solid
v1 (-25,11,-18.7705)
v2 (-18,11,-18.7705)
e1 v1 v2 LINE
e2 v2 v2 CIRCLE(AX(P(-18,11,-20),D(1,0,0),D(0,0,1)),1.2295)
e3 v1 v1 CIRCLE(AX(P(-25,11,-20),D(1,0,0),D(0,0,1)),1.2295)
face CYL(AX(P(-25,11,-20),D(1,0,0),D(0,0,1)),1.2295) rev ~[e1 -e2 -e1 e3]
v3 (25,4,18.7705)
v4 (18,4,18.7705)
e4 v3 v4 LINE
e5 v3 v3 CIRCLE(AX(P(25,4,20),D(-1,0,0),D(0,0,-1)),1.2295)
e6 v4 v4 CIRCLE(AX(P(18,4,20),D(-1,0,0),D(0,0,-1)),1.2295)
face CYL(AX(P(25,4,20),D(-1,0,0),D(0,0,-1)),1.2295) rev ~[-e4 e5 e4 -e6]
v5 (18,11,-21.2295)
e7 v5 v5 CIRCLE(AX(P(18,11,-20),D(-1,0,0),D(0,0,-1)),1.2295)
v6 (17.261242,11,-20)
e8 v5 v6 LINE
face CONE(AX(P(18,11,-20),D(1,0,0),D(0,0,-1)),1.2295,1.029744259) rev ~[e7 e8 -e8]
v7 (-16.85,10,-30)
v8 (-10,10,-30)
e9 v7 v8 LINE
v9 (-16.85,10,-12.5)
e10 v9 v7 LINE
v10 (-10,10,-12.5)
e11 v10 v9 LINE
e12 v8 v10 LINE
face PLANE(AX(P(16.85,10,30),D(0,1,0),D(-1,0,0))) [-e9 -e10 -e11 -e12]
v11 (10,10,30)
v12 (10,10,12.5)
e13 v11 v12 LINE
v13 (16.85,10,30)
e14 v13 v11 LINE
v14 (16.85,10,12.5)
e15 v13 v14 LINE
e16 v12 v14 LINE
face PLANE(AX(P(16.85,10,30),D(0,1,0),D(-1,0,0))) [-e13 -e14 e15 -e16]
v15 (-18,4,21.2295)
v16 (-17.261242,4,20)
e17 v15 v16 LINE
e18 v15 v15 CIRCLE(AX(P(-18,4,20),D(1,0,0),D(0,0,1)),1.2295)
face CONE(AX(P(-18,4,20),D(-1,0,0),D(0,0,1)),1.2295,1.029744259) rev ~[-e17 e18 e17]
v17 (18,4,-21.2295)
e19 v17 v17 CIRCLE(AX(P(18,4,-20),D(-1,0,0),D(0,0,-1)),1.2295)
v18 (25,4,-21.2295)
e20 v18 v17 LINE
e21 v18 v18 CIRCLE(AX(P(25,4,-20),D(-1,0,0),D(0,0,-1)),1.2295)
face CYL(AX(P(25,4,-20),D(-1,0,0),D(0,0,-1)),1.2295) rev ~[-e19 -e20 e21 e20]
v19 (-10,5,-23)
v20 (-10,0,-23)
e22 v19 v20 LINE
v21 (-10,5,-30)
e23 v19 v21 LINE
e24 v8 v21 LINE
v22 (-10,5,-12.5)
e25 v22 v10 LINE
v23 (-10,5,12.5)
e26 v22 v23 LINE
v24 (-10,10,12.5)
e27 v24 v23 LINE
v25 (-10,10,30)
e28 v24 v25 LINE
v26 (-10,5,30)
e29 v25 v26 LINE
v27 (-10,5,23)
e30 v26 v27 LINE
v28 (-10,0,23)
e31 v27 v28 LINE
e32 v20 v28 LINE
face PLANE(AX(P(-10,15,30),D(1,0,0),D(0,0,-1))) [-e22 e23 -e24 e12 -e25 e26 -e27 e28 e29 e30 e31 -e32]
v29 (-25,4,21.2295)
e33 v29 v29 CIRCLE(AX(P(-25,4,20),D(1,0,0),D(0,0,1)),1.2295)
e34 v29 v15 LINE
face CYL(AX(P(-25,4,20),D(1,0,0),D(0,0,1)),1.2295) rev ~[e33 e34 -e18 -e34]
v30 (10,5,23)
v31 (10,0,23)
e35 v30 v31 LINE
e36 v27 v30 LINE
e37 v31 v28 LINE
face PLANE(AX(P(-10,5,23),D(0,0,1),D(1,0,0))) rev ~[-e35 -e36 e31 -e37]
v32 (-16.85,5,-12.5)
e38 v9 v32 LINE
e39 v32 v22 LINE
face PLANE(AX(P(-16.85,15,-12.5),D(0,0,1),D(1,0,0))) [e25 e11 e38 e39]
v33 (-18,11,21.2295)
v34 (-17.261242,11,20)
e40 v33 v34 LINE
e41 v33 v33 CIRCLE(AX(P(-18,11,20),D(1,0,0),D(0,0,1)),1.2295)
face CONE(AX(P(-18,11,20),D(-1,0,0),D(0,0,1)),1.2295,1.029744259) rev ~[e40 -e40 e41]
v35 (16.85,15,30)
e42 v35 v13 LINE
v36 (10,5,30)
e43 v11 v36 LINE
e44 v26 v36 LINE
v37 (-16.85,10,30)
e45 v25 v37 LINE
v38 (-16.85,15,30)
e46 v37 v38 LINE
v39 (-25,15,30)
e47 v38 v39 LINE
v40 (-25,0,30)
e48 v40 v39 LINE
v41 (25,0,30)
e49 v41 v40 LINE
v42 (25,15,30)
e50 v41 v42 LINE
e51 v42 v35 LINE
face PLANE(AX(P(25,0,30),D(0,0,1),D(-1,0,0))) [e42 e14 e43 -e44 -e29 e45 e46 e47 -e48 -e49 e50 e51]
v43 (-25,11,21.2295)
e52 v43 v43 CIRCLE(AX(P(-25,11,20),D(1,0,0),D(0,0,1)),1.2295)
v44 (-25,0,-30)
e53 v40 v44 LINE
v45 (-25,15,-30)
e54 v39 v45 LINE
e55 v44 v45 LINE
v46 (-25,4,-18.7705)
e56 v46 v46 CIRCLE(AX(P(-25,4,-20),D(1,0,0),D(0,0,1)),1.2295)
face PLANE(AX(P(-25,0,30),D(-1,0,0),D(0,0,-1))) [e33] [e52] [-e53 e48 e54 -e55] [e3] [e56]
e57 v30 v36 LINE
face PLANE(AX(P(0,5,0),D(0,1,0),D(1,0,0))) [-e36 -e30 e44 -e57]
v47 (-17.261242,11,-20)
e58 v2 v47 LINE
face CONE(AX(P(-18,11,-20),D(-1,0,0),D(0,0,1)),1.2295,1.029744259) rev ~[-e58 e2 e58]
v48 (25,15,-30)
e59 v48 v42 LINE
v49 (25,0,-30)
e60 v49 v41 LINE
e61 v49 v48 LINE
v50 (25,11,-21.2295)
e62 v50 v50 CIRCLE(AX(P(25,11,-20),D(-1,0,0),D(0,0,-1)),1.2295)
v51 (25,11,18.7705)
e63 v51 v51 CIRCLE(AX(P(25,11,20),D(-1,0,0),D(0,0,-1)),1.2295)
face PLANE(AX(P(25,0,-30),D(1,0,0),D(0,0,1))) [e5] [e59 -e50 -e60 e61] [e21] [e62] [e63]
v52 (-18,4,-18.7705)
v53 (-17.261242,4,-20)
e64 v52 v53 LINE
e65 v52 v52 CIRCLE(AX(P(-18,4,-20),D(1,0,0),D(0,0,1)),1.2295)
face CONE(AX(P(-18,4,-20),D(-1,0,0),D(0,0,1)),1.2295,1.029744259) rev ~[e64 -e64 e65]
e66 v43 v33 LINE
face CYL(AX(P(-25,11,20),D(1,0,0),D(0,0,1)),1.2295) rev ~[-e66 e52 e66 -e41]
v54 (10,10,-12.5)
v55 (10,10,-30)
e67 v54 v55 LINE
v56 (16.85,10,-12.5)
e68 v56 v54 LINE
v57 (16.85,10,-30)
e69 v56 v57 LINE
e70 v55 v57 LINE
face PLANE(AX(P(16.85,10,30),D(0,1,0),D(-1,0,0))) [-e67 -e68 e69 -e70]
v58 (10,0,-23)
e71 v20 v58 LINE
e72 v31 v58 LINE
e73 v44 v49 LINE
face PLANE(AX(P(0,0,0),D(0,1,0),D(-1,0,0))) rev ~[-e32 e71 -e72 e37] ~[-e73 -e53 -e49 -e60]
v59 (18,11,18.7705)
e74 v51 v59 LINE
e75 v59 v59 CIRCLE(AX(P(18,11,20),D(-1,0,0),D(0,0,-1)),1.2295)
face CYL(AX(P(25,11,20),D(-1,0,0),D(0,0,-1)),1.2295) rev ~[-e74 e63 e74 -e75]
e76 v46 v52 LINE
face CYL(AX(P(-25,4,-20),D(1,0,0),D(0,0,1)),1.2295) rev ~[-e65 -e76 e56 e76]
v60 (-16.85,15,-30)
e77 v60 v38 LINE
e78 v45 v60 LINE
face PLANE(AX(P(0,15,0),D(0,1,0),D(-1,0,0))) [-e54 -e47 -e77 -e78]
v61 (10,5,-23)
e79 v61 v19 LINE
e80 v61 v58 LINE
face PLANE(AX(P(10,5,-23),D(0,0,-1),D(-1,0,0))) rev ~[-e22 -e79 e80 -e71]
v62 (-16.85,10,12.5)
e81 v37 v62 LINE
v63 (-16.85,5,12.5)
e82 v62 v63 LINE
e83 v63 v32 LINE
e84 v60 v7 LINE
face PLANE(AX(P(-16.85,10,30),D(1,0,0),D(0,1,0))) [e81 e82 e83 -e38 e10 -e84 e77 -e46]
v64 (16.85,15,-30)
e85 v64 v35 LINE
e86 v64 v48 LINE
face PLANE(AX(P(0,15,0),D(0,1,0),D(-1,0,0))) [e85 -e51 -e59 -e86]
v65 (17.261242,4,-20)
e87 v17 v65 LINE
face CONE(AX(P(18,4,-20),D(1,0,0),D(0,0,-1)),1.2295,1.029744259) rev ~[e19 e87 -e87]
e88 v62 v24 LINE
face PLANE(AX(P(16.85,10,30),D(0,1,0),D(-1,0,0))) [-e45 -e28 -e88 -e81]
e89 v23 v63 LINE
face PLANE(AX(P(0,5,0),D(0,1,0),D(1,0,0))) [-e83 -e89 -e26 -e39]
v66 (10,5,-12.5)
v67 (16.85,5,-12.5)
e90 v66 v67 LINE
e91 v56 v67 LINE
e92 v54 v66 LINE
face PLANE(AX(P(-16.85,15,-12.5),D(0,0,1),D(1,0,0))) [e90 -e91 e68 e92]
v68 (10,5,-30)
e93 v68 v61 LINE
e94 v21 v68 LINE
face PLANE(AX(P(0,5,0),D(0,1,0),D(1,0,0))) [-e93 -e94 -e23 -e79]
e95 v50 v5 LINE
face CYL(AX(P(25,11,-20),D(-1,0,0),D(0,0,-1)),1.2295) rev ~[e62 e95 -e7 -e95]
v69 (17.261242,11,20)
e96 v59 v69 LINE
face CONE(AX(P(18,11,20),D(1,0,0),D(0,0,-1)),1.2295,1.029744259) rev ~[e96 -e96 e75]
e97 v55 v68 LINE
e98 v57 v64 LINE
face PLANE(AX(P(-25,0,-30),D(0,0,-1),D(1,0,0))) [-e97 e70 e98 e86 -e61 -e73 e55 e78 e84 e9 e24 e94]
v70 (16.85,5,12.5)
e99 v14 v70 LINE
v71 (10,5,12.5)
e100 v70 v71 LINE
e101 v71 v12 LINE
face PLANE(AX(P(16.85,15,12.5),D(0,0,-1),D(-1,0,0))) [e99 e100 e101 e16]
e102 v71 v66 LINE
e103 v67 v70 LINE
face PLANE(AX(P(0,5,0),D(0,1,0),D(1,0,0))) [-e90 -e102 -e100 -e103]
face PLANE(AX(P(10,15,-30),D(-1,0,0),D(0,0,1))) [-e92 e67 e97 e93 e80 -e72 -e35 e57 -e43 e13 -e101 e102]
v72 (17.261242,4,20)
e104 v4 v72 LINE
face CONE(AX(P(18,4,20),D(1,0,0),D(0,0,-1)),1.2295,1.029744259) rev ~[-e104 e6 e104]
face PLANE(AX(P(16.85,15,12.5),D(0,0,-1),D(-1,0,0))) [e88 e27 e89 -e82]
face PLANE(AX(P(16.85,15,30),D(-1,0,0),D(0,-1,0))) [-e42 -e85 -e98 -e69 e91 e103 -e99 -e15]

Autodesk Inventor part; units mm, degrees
ref_plane "YZ Plane" through (0, 0, 0) normal (1, 0, 0) x (0, 1, 0)
ref_plane "XZ Plane" through (0, 0, 0) normal (0, 1, 0) x (-1, 0, 0)
ref_plane "XY Plane" through (0, 0, 0) normal (0, 0, 1) x (1, 0, 0)
sketch "Sketch1" plane through (0, 0, 0) normal (0, 1, 0) x (-1, 0, 0)
  line L0 (25, -30) -> (-25, -30)
  line L1 (-25, -30) -> (-25, 30)
  line L2 (-25, 30) -> (25, 30)
  line L3 (25, 30) -> (25, -30)
  point P0 (0, 0)
  dimension "d0" = 50
  dimension "d1" = 60
  dimension "d8" = 30
  dimension "d9" = 25
extrude "Extrusion1" add sketch "Sketch1" along normal blind 15
sketch "Sketch2" plane through (0, 15, 0) normal (0, 1, 0) x (1, 0, 0)
  line L0 (-16.85, 12.5) -> (16.85, 12.5)
  line L1 (16.85, 12.5) -> (16.85, -12.5)
  line L2 (16.85, -12.5) -> (-16.85, -12.5)
  line L3 (-16.85, -12.5) -> (-16.85, 12.5)
  point P0 (0, 0)
  dimension "d4" = 33.7
  dimension "d5" = 25
  dimension "d6" = 12.5
  dimension "d7" = 16.85
extrude "Extrusion2" cut sketch "Sketch2" against normal blind 10
sketch "Sketch3" plane through (0, 15, 0) normal (0, 1, 0) x (1, 0, 0)
  line L0 (-25, 30) -> (25, 30) projected
  line L1 (-25, -30) -> (25, -30) projected
  line L2 (-10, 30) -> (10, 30)
  line L3 (10, 30) -> (10, -30)
  line L4 (10, -30) -> (-10, -30)
  line L5 (-10, -30) -> (-10, 30)
  point P0 (0, 0)
  dimension "d12" = 20
  dimension "d13" = 10
extrude "Extrusion3" cut sketch "Sketch3" against normal up to surface (10 mm away)
sketch "Sketch4" plane through (0, 5, 0) normal (0, 1, 0) x (1, 0, 0)
  line L0 (-16.85, 12.5) -> (-10, 12.5) projected
  line L1 (16.85, -12.5) -> (10, -12.5) projected
  line L2 (10, 12.5) -> (10, 30) projected
  line L3 (-10, -30) -> (-10, -12.5) projected
  line L4 (10, 23) -> (-10, 23)
  line L5 (-10, 23) -> (-10, -23)
  line L6 (-10, -23) -> (10, -23)
  line L7 (10, -23) -> (10, 23)
  line L8 (-10, 30) -> (10, 30) projected
  line L9 (10, -30) -> (-10, -30) projected
  dimension "d18" = 7
  dimension "d19" = 7
extrude "Extrusion4" cut sketch "Sketch4" against normal up to next
sketch "Sketch6" plane through (-25, 0, -30) normal (-1, 0, 0) x (0, 0, 1)
  line L0 (0, 0) -> (0, 15) projected
  line L1 (60, 0) -> (60, 15) projected
  line L2 (60, 0) -> (0, 0) projected
  point P0 (30, 0)
  point P1 (10, 4)
  point P2 (50, 4)
  point P3 (50, 11)
  point P4 (10, 11)
  dimension "d24" = 7
  dimension "d25" = 7
  dimension "d26" = 10
  dimension "d27" = 10
  dimension "d28" = 10
  dimension "d29" = 10
  dimension "d30" = 4
  dimension "d31" = 4
hole "Hole1" at (-25, 4, -20) at (-25, 4, 20) at (-25, 11, 20) at (-25, 11, -20) direction (1, 0, 0) diameter 2.459 depth 7 tip angle 118 thread size "M3x0.5" class "6H" standard "ANSI Metric M Profile"
sketch "Sketch7" plane through (25, 0, 30) normal (1, 0, 0) x (0, 0, -1)
  circle A0 centre (10, 4) radius 1.2295 projected
  circle A1 centre (10, 11) radius 1.2295 projected
  circle A2 centre (50, 11) radius 1.2295 projected
  circle A3 centre (50, 4) radius 1.2295 projected
  point P0 (30, 0)
hole "Hole2" at (25, 4, 20) at (25, 11, 20) at (25, 11, -20) at (25, 4, -20) direction (-1, 0, 0) diameter 2.459 depth 7 tip angle 118 thread size "M3x0.5" class "6H" standard "ANSI Metric M Profile"
sketch "Sketch8" plane through (-25, 0, 30) normal (0, 0, 1) x (1, 0, 0)
  line L0 (0, 15) -> (15, 15) projected
  line L1 (8.15, 15) -> (41.85, 15)
  line L2 (41.85, 15) -> (41.85, 10)
  line L3 (41.85, 10) -> (8.15, 10)
  line L4 (8.15, 10) -> (8.15, 15)
  line L5 (41.85, 15) -> (41.85, 5) projected
  line L6 (8.15, 15) -> (8.15, 5) projected
  point P0 (25, 0)
  dimension "d49" = 5
  dimension "d50" = 0
  dimension "d51" = 0
  dimension "d52" = 0
extrude "Extrusion6" cut sketch "Sketch8" against normal through all
properties part number "Spring support"
